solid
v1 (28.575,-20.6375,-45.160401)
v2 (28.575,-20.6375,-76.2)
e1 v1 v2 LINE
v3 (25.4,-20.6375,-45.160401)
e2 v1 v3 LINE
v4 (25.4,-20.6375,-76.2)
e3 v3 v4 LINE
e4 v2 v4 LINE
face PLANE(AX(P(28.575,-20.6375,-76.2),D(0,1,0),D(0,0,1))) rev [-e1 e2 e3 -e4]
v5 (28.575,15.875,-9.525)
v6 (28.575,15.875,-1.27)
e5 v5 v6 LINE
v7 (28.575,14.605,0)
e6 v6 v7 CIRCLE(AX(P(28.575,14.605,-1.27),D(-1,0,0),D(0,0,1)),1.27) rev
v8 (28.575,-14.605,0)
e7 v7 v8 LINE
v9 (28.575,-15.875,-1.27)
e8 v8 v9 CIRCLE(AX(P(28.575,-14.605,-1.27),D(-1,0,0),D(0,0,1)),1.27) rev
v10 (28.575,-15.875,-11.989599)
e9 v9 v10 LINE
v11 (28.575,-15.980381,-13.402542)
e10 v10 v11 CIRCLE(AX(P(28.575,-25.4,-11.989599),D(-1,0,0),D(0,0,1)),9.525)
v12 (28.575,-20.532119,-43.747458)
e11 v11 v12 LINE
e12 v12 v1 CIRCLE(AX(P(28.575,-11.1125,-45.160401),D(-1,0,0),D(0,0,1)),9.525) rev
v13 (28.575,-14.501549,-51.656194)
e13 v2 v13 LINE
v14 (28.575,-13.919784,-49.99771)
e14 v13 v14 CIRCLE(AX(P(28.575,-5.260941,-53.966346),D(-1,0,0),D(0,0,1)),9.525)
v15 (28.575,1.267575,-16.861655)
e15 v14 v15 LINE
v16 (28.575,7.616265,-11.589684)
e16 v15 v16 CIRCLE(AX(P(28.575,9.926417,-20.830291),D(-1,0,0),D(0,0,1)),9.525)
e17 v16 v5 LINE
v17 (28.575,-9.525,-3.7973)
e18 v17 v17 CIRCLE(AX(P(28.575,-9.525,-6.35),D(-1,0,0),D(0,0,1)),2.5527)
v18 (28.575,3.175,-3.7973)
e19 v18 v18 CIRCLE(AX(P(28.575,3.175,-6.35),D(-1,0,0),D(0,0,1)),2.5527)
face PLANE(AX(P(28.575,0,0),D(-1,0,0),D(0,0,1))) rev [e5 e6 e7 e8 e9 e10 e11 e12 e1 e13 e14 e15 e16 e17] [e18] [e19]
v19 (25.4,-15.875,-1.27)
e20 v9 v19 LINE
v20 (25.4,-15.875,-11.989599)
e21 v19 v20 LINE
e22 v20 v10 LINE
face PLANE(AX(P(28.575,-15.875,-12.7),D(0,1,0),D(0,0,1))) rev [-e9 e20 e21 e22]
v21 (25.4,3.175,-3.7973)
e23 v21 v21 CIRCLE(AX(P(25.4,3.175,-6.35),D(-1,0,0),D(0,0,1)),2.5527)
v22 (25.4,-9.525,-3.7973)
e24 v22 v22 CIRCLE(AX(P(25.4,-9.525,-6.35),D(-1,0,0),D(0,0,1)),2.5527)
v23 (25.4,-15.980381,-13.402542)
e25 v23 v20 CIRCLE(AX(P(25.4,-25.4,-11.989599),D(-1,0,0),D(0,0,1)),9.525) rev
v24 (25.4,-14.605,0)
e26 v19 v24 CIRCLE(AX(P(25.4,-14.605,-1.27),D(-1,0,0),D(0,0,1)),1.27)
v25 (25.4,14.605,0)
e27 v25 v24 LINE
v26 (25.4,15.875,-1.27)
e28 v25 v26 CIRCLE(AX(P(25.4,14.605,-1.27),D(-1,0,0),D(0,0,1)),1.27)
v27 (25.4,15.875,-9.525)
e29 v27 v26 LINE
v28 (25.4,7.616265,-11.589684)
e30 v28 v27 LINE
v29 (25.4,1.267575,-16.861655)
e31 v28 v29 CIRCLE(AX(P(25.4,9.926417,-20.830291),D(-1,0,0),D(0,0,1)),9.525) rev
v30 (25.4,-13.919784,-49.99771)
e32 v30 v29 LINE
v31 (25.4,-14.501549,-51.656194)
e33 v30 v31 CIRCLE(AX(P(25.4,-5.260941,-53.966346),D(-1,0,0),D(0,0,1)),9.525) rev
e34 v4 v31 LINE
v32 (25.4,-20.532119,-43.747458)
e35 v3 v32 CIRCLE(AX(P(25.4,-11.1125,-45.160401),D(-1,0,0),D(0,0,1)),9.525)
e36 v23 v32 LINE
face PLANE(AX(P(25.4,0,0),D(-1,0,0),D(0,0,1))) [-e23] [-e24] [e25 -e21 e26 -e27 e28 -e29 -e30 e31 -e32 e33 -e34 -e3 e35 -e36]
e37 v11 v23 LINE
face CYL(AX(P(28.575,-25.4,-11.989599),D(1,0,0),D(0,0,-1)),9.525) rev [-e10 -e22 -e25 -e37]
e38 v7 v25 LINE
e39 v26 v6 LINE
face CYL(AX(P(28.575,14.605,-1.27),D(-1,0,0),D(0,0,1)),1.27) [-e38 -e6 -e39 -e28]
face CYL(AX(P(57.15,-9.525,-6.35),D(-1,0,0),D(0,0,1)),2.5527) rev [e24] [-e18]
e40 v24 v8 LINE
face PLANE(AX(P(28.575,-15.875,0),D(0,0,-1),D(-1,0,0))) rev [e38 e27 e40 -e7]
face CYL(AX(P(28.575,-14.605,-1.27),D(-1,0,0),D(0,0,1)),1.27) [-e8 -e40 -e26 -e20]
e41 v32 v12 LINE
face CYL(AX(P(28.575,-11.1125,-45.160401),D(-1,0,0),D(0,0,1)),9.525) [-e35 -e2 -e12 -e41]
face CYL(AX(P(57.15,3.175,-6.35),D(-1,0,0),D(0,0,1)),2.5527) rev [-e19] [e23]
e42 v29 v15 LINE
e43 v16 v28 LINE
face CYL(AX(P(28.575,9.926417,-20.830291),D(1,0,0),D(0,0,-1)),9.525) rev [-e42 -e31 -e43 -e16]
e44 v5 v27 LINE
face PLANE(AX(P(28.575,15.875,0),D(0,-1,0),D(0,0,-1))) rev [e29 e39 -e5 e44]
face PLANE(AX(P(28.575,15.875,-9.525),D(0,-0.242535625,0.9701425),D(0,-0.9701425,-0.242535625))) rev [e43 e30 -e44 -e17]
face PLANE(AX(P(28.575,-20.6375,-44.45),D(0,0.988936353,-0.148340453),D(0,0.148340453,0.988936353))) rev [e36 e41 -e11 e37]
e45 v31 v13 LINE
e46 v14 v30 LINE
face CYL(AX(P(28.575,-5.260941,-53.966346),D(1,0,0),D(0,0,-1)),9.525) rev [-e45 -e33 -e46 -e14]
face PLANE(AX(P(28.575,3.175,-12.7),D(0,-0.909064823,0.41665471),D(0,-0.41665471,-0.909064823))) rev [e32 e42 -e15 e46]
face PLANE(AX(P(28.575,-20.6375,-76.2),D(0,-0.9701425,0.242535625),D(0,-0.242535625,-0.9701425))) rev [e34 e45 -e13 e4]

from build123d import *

# Parameters (mm, degrees)
SKETCH3_W                = 114.3
SKETCH3_H                = 88.9
SKETCH3_W_2              = 95.25
SKETCH3_H_2              = 76.2
BOSS_EXTRUDE1_DEPTH      = 12.7
BOSS_EXTRUDE1_DEPTH_BACK = 12.7
SKETCH4_W                = 114.3
SKETCH4_H                = 88.9
BOSS_EXTRUDE2_DEPTH      = 3.175
SKETCH5_W                = 114.3
SKETCH5_H                = 88.9
BOSS_EXTRUDE3_DEPTH      = 3.175
SKETCH7_W                = 41.275
SKETCH7_H                = 25.4
BOSS_EXTRUDE4_DEPTH      = 6.35
SKETCH6_R                = 9.9695
CUT_EXTRUDE1_DEPTH       = 115.3
SKETCH13_W               = 26.035
SKETCH13_H               = 25.4
BOSS_EXTRUDE5_DEPTH      = 4.064
SKETCH19_R               = 0.9525
CUT_EXTRUDE4_DEPTH       = 25.4
SKETCH20_R               = 1.905
CUT_EXTRUDE7_DEPTH       = 3.175
SKETCH23_R               = 5.08
SKETCH23_R_2             = 1.905
SKETCH23_R_3             = 2.38125
CUT_EXTRUDE8_DEPTH       = 3.175
BOSS_EXTRUDE6_DEPTH      = 25.4
BOSS_EXTRUDE7_DEPTH      = 3.175
SKETCH27_R               = 4.7625
CUT_EXTRUDE9_DEPTH       = 32.75
CUT_EXTRUDE9_DEPTH_BACK  = 83.55
SKETCH28_R               = 2.5527
CUT_EXTRUDE10_DEPTH      = 32.75
FILLET1_R                = 9.525
FILLET2_R                = 1.27
CUT_EXTRUDE11_START      = -31.75
SKETCH29_W               = 6.35
SKETCH29_H               = 5.08
CUT_EXTRUDE11_DEPTH      = 38.1


with BuildPart() as part:
    # Sketch3 → Boss-Extrude1 (new body, two sides)
    with BuildSketch(Plane(origin=(0, 0, 0), x_dir=(1, 0, 0), z_dir=(0, 1, 0))) as boss_extrude1_sk:
        with Locations((0, -44.45)):
            Rectangle(SKETCH3_W, SKETCH3_H)
        with Locations((0, -44.45)):
            Rectangle(SKETCH3_W_2, SKETCH3_H_2, mode=Mode.SUBTRACT)
    extrude(amount=BOSS_EXTRUDE1_DEPTH)
    extrude(boss_extrude1_sk.sketch, amount=-BOSS_EXTRUDE1_DEPTH_BACK)

    # Sketch4 → Boss-Extrude2 (add)
    with BuildSketch(Plane.XZ.offset(12.7)):
        with Locations((0, 44.45)):
            Rectangle(SKETCH4_W, SKETCH4_H)
    extrude(amount=BOSS_EXTRUDE2_DEPTH)

    # Sketch7 → Boss-Extrude4 (add)
    with BuildSketch(Plane(origin=(0, -12.7, 0), x_dir=(1, 0, 0), z_dir=(0, 1, 0))):
        with Locations((-26.9875, -50.8)):
            Rectangle(SKETCH7_W, SKETCH7_H)
        with Locations((26.9875, -50.8)):
            Rectangle(SKETCH7_W, SKETCH7_H)
    extrude(amount=BOSS_EXTRUDE4_DEPTH)

    # Sketch6 → Cut-Extrude1 (cut, through all)
    with BuildSketch(Plane.ZY.offset(57.15)):
        with Locations((50.8, 0)):
            Circle(SKETCH6_R)
    extrude(amount=-CUT_EXTRUDE1_DEPTH, mode=Mode.SUBTRACT)

    # Sketch13 → Boss-Extrude5 (add)
    with BuildSketch(Plane(origin=(0, -12.7, 0), x_dir=(1, 0, 0), z_dir=(0, 1, 0))):
        with Locations((-19.3675, -50.8)):
            Rectangle(SKETCH13_W, SKETCH13_H)
        with Locations((19.3675, -50.8)):
            Rectangle(SKETCH13_W, SKETCH13_H)
    extrude(amount=BOSS_EXTRUDE5_DEPTH)

    # Sketch19 → Cut-Extrude4 (cut)
    with BuildSketch(Plane(origin=(0, 12.7, 0), x_dir=(1, 0, 0), z_dir=(0, 1, 0))):
        with Locations((-53.975, -3.175)):
            Circle(SKETCH19_R)
        with Locations((53.975, -3.175)):
            Circle(SKETCH19_R)
        with Locations((-53.975, -85.725)):
            Circle(SKETCH19_R)
        with Locations((53.975, -85.725)):
            Circle(SKETCH19_R)
    extrude(amount=-CUT_EXTRUDE4_DEPTH, mode=Mode.SUBTRACT)

    # Sketch25 → Boss-Extrude6 (add, symmetric)
    with BuildSketch(Plane(origin=(0, 0, 0), x_dir=(0, 0, -1), z_dir=(1, 0, 0))):
        Polygon((0, -15.875), (0, 15.875), (9.525, 15.875), (12.7, 3.175), (12.7, -15.875), align=None)
    extrude(amount=BOSS_EXTRUDE6_DEPTH, both=True)

    # Sketch27 → Cut-Extrude9 (cut, two sides)
    with BuildSketch(Plane(origin=(25.4, 0, 0), x_dir=(0, 0, -1), z_dir=(1, 0, 0))) as cut_extrude9_sk:
        with Locations((6.35, -9.525)):
            Circle(SKETCH27_R)
        with Locations((6.35, 3.175)):
            Circle(SKETCH27_R)
    extrude(amount=CUT_EXTRUDE9_DEPTH, mode=Mode.SUBTRACT)
    extrude(cut_extrude9_sk.sketch, amount=-CUT_EXTRUDE9_DEPTH_BACK, mode=Mode.SUBTRACT)

    # Sketch29 → Cut-Extrude11 (cut)
    with BuildSketch(Plane(origin=(0, 0, 38.1), x_dir=(-1, 0, 0), z_dir=(0, 0, -1)).offset(CUT_EXTRUDE11_START)):
        with Locations((-26.3525, -12.7)):
            Rectangle(SKETCH29_W, SKETCH29_H)
        with Locations((-12.3825, -12.7)):
            Rectangle(SKETCH29_W, SKETCH29_H)
    cut_extrude11 = extrude(amount=CUT_EXTRUDE11_DEPTH, mode=Mode.SUBTRACT)

    # Mirror2: Cut-Extrude11 across plane
    add(cut_extrude11.mirror(Plane(origin=(0, 0, 0), x_dir=(0, 0, 1), z_dir=(1, 0, 0))), mode=Mode.SUBTRACT)


with BuildPart() as body_2:
    # Sketch5 → Boss-Extrude3 (new body)
    with BuildSketch(Plane(origin=(0, 12.7, 0), x_dir=(1, 0, 0), z_dir=(0, 1, 0))):
        with Locations((0, -44.45)):
            Rectangle(SKETCH5_W, SKETCH5_H)
    extrude(amount=BOSS_EXTRUDE3_DEPTH)

    # Sketch20 → Cut-Extrude7 (cut)
    with BuildSketch(Plane(origin=(0, 15.875, 0), x_dir=(1, 0, 0), z_dir=(0, 1, 0))):
        with Locations((-53.975, -3.175)):
            Circle(SKETCH20_R)
        with Locations((-53.975, -85.725)):
            Circle(SKETCH20_R)
        with Locations((53.975, -85.725)):
            Circle(SKETCH20_R)
        with Locations((53.975, -3.175)):
            Circle(SKETCH20_R)
    extrude(amount=-CUT_EXTRUDE7_DEPTH, mode=Mode.SUBTRACT)

    # Sketch23 → Cut-Extrude8 (cut)
    with BuildSketch(Plane(origin=(0, 15.875, 0), x_dir=(1, 0, 0), z_dir=(0, 1, 0))):
        with Locations((36.232509154, -69.504266718)):
            Circle(SKETCH23_R)
        with Locations((44.45, -62.808533435)):
            Circle(SKETCH23_R_2)
        with Locations((28.015018307, -76.2)):
            Circle(SKETCH23_R_2)
        with Locations((2.615018307, -60.427283435)):
            Circle(SKETCH23_R_3)
    extrude(amount=-CUT_EXTRUDE8_DEPTH, mode=Mode.SUBTRACT)


with BuildPart() as body_3:
    # Sketch26 → Boss-Extrude7 (new body)
    with BuildSketch(Plane(origin=(25.4, 0, 0), x_dir=(0, 0, -1), z_dir=(1, 0, 0))):
        Polygon((0, 15.875), (9.525, 15.875), (12.7, 3.175), (50.8, -14.2875), (76.2, -20.6375), (44.45, -20.6375), (12.7, -15.875), (0, -15.875), align=None)
    extrude(amount=BOSS_EXTRUDE7_DEPTH)

    # Sketch28 → Cut-Extrude10 (cut, through all)
    with BuildSketch(Plane.ZY.offset(-25.4)):
        with Locations((-6.35, 3.175)):
            Circle(SKETCH28_R)
        with Locations((-6.35, -9.525)):
            Circle(SKETCH28_R)
    extrude(amount=-CUT_EXTRUDE10_DEPTH, mode=Mode.SUBTRACT)

    # Fillet1
    fillet1_edges = [body_3.edges().sort_by_distance(p)[0] for p in [
        (26.9875, 3.175, -12.7),
        (26.9875, -14.2875, -50.8),
        (26.9875, -20.6375, -44.45),
        (26.9875, -15.875, -12.7),
    ]]
    fillet(fillet1_edges, radius=FILLET1_R)

    # Fillet2
    fillet2_edges = [body_3.edges().sort_by_distance(p)[0] for p in [
        (26.9875, 15.875, 0),
        (26.9875, -15.875, 0),
    ]]
    fillet(fillet2_edges, radius=FILLET2_R)


with BuildPart() as body_4:
    # Mirror1: mirrored copy
    add(body_3.part.mirror(Plane(origin=(0, 0, 0), x_dir=(0, 0, 1), z_dir=(1, 0, 0))))


solid = body_3.part
